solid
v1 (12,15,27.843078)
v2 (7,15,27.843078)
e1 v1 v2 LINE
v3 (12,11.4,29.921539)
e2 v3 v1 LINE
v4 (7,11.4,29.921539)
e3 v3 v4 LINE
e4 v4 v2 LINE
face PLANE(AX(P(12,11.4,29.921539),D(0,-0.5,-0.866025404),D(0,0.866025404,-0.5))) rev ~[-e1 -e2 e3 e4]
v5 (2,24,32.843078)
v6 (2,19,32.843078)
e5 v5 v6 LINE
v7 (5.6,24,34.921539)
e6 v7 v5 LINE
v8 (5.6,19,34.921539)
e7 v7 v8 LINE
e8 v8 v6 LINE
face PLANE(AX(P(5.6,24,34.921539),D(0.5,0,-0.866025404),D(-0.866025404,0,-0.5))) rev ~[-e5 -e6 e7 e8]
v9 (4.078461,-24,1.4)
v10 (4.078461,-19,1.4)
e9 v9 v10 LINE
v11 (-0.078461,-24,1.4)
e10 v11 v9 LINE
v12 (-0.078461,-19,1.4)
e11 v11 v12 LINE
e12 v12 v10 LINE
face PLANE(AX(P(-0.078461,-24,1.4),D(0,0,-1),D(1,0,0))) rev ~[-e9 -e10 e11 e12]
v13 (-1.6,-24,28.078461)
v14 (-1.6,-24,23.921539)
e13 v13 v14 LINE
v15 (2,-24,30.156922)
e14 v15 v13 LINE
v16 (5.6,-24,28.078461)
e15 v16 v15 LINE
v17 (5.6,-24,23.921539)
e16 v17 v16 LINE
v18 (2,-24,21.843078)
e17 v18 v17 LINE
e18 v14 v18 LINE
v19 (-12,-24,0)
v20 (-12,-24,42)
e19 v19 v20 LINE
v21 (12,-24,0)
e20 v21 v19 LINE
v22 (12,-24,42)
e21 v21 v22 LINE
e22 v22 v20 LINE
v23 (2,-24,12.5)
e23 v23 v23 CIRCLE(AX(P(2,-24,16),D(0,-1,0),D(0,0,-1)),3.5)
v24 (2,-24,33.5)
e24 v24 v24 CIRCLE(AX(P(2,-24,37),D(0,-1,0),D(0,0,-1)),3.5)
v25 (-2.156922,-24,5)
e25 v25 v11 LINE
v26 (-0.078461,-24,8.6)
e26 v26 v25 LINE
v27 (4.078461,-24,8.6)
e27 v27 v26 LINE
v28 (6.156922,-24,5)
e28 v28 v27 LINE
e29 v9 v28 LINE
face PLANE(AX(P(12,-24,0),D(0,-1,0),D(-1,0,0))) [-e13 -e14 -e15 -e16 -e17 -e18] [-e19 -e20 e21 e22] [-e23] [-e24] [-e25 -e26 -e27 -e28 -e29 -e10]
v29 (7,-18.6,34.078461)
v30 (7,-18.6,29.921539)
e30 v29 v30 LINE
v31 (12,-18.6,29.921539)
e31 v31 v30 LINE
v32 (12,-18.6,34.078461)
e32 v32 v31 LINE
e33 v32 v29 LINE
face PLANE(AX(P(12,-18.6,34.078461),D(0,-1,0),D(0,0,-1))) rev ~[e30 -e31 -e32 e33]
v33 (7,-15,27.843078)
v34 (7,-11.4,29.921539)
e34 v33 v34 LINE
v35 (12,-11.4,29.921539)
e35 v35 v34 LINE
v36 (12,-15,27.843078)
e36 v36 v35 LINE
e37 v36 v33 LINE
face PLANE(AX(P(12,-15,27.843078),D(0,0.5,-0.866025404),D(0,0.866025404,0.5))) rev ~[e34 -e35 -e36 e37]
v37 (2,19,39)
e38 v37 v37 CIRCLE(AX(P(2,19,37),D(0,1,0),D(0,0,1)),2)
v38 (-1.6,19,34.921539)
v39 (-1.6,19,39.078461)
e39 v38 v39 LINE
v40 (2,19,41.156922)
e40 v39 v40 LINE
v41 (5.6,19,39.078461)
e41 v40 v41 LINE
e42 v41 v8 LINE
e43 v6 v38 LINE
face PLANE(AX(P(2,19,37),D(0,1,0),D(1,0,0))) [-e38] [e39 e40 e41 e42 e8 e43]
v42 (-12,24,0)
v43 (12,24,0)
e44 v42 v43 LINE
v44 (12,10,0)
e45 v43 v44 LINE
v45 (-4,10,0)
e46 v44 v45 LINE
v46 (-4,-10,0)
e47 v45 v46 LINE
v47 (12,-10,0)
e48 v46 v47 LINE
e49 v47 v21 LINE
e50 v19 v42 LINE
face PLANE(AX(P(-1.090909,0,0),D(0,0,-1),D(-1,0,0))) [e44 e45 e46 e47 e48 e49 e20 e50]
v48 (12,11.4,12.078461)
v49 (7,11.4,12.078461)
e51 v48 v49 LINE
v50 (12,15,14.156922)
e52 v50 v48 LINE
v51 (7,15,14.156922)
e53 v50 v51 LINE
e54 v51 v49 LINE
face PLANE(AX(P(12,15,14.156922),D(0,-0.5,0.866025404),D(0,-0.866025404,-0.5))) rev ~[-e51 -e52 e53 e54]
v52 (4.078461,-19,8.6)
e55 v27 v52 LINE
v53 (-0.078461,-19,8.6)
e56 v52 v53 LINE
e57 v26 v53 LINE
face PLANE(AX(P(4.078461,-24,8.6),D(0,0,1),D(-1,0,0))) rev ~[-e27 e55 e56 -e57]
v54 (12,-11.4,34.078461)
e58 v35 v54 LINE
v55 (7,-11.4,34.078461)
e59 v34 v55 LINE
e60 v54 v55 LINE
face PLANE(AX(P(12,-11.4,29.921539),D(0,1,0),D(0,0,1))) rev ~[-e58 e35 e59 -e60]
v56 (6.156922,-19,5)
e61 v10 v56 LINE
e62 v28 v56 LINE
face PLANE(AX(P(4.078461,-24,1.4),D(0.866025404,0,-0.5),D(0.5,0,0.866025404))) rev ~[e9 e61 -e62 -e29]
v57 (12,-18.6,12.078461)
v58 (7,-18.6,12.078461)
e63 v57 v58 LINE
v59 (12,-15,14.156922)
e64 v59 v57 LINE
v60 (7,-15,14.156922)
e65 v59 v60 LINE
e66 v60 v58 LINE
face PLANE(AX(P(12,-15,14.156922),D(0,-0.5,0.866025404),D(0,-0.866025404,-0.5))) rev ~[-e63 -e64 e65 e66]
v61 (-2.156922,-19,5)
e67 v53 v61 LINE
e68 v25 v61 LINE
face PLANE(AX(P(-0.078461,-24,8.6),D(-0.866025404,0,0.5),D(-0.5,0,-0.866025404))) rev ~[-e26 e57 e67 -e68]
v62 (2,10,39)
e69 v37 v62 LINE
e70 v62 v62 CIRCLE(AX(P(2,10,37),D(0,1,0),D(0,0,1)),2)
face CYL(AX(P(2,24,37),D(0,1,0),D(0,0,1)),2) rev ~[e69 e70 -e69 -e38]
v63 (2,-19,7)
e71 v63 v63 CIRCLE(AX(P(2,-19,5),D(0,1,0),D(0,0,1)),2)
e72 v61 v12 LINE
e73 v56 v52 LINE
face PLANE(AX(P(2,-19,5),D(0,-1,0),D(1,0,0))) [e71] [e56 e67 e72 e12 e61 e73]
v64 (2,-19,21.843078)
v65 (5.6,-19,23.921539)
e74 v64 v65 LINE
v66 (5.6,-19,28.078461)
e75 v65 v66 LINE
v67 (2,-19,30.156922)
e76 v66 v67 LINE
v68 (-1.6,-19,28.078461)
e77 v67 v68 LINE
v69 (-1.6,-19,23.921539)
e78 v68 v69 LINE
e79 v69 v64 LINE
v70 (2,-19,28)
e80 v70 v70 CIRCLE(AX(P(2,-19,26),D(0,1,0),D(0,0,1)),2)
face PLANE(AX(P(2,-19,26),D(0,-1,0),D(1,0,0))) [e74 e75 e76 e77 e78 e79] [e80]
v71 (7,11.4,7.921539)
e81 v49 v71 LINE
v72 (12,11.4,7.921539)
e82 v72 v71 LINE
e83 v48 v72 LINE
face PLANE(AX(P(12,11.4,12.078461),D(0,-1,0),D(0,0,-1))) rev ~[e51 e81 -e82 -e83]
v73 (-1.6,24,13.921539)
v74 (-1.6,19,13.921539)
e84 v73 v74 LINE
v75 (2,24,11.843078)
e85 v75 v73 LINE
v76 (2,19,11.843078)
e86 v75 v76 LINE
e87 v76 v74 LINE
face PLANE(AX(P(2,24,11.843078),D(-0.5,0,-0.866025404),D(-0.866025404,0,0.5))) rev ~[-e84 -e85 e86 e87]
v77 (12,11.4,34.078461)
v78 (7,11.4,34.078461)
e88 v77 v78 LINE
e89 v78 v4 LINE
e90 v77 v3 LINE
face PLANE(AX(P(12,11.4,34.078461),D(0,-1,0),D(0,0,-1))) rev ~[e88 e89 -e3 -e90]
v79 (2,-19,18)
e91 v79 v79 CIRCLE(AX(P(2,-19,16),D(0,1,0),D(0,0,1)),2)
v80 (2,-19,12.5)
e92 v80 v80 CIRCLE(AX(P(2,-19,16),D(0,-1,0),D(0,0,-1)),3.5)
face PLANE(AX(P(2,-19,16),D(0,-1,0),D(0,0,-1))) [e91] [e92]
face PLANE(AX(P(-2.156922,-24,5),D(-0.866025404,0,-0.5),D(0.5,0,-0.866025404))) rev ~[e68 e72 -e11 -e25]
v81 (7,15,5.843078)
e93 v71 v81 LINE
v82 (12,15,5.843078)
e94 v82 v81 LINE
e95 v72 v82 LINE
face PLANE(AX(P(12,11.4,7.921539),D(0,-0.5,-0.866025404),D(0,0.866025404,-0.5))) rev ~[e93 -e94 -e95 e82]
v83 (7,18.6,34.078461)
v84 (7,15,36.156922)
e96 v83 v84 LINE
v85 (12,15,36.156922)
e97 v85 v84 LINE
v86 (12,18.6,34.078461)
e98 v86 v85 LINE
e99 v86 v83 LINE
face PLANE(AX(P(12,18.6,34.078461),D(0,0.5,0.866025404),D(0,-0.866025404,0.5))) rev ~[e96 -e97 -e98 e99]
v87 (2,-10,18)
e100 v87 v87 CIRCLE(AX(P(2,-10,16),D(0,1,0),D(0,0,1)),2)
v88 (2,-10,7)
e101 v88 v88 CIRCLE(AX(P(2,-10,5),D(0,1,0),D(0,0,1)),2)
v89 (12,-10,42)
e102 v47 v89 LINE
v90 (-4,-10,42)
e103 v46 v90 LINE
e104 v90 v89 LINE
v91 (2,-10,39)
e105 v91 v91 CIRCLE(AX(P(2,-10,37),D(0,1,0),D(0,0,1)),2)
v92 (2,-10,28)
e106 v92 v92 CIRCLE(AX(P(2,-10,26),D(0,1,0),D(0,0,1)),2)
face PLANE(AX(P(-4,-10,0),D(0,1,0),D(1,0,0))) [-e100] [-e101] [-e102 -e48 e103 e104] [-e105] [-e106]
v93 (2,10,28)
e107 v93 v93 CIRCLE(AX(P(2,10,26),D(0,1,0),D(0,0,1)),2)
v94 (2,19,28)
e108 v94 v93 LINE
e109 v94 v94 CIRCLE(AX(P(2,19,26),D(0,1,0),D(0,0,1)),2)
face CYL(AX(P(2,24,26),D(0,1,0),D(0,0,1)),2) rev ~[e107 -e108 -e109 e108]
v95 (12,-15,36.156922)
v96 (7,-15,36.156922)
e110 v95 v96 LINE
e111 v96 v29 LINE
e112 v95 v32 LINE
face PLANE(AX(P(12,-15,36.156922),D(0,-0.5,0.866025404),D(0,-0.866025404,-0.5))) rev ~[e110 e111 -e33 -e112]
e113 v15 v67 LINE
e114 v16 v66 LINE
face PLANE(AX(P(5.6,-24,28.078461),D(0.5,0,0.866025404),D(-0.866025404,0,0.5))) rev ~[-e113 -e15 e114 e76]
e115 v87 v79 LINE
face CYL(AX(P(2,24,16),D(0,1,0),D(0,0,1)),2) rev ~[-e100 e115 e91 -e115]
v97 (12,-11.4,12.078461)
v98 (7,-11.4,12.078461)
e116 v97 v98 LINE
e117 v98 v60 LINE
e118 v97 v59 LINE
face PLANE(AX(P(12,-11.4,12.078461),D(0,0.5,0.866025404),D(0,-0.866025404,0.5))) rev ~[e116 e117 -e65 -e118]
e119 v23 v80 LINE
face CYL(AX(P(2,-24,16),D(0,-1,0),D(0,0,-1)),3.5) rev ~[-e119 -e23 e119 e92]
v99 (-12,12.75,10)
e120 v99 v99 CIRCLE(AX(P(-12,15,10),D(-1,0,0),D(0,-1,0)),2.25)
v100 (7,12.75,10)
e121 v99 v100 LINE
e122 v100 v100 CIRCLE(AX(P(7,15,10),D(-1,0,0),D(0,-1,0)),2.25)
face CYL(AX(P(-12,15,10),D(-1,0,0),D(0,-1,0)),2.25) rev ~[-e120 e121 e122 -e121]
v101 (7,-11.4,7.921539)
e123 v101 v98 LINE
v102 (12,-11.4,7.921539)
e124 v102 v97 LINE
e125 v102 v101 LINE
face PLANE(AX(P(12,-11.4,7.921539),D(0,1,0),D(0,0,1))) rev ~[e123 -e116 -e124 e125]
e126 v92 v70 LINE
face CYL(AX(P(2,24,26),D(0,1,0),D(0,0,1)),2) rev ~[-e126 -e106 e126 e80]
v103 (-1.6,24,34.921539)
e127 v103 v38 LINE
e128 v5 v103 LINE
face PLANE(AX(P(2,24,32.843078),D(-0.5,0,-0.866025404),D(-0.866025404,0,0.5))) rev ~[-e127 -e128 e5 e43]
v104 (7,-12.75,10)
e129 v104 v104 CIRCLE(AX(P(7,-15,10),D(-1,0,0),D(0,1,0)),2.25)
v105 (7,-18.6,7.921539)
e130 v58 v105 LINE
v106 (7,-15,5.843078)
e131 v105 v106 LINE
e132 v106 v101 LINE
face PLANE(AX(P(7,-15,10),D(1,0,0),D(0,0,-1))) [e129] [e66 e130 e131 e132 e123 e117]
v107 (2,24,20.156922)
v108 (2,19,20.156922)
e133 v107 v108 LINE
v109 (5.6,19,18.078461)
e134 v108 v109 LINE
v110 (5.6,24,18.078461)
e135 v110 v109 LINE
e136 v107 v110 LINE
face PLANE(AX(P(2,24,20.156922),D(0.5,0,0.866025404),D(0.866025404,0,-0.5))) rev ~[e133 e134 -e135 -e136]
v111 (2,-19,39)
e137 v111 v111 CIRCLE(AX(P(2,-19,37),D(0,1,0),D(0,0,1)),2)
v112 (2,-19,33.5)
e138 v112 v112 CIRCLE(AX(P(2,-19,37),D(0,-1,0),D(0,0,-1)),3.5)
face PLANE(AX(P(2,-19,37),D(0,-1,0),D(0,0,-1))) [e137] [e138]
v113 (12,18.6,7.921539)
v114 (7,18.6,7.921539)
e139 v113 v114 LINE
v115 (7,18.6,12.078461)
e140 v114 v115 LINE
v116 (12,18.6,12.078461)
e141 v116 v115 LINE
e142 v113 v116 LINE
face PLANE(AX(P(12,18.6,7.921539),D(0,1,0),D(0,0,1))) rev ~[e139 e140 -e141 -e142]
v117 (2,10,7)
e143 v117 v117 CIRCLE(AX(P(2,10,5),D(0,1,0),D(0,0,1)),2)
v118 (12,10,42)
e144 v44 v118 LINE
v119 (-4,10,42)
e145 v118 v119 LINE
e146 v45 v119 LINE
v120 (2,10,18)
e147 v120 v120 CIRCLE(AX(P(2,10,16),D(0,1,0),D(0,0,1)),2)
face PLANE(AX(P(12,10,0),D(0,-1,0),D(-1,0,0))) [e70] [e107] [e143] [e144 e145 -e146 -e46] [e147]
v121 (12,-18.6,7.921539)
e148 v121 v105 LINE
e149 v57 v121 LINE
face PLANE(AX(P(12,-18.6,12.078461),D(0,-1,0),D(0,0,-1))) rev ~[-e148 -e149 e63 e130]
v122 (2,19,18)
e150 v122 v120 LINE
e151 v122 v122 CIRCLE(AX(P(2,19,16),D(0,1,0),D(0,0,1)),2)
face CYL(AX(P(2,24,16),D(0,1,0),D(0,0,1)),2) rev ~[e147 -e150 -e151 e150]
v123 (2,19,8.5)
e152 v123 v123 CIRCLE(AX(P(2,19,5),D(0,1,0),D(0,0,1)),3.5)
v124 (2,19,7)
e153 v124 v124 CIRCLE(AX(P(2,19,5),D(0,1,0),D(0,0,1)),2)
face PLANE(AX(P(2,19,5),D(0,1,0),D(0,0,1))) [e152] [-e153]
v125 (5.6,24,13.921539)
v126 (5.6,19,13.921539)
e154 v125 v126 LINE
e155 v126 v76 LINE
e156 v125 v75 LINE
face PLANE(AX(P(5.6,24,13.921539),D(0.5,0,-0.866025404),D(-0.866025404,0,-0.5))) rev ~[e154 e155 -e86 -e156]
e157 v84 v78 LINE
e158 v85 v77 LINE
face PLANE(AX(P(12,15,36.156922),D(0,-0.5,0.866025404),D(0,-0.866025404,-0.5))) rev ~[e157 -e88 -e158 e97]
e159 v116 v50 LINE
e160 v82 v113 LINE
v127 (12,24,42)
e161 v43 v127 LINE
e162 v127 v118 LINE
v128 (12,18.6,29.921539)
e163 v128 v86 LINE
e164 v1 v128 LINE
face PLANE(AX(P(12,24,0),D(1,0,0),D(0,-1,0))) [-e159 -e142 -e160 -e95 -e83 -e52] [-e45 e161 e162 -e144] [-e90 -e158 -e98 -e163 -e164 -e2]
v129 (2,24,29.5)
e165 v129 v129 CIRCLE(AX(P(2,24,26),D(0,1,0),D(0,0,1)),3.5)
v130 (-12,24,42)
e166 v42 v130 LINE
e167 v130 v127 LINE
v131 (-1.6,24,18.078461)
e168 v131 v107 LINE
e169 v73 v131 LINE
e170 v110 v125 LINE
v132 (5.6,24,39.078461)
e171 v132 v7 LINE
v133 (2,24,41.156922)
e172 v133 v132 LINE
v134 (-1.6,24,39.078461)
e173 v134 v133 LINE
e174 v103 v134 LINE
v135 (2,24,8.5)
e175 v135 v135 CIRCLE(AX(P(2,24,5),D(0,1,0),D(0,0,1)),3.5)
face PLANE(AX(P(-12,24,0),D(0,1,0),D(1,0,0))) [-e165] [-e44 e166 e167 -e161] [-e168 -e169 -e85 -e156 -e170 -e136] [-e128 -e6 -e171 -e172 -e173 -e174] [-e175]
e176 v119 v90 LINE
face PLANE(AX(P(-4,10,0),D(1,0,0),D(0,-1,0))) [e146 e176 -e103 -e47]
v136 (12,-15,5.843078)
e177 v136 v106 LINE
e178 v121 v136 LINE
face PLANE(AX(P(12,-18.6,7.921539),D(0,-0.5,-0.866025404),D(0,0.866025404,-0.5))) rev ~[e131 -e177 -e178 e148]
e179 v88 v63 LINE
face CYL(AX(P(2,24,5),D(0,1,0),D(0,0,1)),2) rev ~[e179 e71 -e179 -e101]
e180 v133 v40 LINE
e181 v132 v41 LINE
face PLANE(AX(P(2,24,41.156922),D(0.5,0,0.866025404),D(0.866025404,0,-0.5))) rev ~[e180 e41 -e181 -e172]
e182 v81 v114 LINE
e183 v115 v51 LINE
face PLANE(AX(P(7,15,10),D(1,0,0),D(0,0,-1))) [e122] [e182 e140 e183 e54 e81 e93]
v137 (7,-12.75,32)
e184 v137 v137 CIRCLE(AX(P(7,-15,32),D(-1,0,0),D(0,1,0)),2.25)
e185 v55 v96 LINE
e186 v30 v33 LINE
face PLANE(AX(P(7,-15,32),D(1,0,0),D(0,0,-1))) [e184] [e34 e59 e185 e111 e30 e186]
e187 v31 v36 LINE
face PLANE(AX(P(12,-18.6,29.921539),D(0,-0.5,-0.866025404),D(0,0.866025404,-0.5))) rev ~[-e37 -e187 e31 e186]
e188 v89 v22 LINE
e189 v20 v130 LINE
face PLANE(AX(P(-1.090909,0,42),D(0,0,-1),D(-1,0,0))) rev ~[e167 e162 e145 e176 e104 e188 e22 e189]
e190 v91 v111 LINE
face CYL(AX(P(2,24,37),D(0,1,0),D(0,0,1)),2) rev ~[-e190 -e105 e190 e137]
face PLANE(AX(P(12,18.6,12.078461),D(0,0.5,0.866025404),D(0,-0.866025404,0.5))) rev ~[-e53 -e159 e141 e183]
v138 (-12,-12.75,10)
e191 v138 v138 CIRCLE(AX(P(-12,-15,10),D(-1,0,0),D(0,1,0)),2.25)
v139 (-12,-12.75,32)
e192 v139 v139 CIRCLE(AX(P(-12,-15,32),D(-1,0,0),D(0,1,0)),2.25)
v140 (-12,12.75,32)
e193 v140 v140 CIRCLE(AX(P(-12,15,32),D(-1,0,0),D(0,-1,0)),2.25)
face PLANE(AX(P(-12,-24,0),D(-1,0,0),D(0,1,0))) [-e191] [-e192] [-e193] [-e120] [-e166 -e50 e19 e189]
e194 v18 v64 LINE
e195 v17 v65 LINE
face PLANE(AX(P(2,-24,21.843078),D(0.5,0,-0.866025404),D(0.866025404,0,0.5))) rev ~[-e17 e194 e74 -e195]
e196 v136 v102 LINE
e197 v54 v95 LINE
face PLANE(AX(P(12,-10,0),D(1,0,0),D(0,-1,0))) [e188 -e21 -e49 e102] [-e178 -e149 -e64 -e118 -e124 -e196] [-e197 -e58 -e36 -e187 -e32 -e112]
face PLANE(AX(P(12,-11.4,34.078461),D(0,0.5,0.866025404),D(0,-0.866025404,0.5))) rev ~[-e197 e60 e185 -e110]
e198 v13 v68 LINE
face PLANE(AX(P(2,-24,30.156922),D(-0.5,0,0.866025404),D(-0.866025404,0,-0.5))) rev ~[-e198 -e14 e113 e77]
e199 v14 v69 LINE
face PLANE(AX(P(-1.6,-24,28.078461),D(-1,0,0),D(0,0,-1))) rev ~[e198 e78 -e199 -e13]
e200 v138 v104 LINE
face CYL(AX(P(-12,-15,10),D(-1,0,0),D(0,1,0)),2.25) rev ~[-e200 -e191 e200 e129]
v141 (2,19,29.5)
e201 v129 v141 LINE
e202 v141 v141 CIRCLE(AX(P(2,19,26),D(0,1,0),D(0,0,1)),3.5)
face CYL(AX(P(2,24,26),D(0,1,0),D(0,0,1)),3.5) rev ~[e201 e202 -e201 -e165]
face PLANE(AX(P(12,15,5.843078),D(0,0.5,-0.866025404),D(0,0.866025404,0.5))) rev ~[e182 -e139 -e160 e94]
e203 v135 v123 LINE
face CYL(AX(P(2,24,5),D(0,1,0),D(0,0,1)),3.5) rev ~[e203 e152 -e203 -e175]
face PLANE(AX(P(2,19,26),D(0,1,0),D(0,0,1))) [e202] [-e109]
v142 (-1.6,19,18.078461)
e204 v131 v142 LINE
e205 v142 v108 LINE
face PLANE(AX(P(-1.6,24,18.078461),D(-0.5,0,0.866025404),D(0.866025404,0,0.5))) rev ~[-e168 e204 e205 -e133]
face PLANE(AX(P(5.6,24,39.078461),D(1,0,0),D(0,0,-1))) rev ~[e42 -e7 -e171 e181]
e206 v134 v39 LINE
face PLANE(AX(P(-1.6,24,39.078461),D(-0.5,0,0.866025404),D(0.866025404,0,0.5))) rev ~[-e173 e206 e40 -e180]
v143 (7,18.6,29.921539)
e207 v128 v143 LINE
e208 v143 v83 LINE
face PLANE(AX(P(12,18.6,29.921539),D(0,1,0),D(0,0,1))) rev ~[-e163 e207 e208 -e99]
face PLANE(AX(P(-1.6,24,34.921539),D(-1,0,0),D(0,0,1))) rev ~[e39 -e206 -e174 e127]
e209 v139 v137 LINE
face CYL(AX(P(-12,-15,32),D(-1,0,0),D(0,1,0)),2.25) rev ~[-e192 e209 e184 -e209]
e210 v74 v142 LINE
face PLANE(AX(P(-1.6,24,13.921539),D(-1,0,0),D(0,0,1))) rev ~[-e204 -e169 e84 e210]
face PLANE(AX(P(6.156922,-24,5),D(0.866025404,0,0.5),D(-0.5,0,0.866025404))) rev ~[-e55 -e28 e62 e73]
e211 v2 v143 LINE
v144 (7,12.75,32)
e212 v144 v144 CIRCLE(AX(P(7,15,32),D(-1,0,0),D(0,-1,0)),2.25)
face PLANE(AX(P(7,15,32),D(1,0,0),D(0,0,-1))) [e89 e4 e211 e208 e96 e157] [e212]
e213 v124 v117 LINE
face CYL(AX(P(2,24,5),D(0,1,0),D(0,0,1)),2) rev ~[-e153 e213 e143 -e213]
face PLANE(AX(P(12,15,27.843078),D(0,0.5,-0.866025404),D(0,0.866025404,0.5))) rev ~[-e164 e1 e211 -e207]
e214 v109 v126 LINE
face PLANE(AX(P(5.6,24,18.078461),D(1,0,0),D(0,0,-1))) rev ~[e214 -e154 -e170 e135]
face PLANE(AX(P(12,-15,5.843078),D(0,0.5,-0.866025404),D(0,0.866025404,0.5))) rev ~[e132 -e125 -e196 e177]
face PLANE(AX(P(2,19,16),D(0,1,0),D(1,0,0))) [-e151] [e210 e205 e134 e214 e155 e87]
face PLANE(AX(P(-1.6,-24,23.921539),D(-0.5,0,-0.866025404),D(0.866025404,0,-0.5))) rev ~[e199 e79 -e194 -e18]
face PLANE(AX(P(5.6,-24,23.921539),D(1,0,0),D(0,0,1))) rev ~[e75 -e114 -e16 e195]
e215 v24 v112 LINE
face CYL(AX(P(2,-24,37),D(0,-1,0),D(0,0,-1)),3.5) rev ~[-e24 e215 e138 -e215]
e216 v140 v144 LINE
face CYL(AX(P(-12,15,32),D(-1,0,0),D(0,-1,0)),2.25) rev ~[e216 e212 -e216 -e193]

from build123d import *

# Parameters (mm, degrees)
EXTRUDE_1_DEPTH     = 42
SKETCH_2_R          = 2
CUT_EXTRUDE_1_DEPTH = 65.899922958
SKETCH_3_R          = 2.25
CUT_EXTRUDE_2_DEPTH = 55
CUT_EXTRUDE_3_DEPTH = 5
SKETCH_5_R          = 3.5
CUT_EXTRUDE_4_DEPTH = 5
SKETCH_6_R          = 3.5
CUT_EXTRUDE_5_DEPTH = 5


with BuildPart() as part:
    # 草圖1 → 填料-伸長1 (new body)
    with BuildSketch(Plane.XY):
        Polygon((12, 10), (-4, 10), (-4, -10), (12, -10), (12, -24), (-12, -24), (-12, 24), (12, 24), align=None)
    extrude(amount=EXTRUDE_1_DEPTH)

    # 草圖2 → 除料-伸長1 (cut, through all)
    with BuildSketch(Plane(origin=(0, 24, 0), x_dir=(1, 0, 0), z_dir=(0, 1, 0))):
        with Locations((2, -5)):
            Circle(SKETCH_2_R)
        with Locations((2, -16)):
            Circle(SKETCH_2_R)
        with Locations((2, -26)):
            Circle(SKETCH_2_R)
        with Locations((2, -37)):
            Circle(SKETCH_2_R)
    extrude(amount=-CUT_EXTRUDE_1_DEPTH, mode=Mode.SUBTRACT)

    # 草圖3 → 除料-伸長2 (cut, through all)
    with BuildSketch(Plane.ZY.offset(12)):
        with Locations((10, 15)):
            Circle(SKETCH_3_R)
        with Locations((32, 15)):
            Circle(SKETCH_3_R)
        with Locations((32, -15)):
            Circle(SKETCH_3_R)
        with Locations((10, -15)):
            Circle(SKETCH_3_R)
    extrude(amount=-CUT_EXTRUDE_2_DEPTH, mode=Mode.SUBTRACT)

    # 草圖4 → 除料-伸長3 (cut)
    with BuildSketch(Plane(origin=(12, 0, 0), x_dir=(0, 0, -1), z_dir=(1, 0, 0))):
        Polygon((-5.843078062, 15), (-7.921539031, 18.6), (-12.078460969, 18.6), (-14.156921938, 15), (-12.078460969, 11.4), (-7.921539031, 11.4), align=None)
        Polygon((-27.843078062, 15), (-29.921539031, 18.6), (-34.078460969, 18.6), (-36.156921938, 15), (-34.078460969, 11.4), (-29.921539031, 11.4), align=None)
        Polygon((-27.843078062, -15), (-29.921539031, -11.4), (-34.078460969, -11.4), (-36.156921938, -15), (-34.078460969, -18.6), (-29.921539031, -18.6), align=None)
        Polygon((-5.843078062, -15), (-7.921539031, -11.4), (-12.078460969, -11.4), (-14.156921938, -15), (-12.078460969, -18.6), (-7.921539031, -18.6), align=None)
    extrude(amount=-CUT_EXTRUDE_3_DEPTH, mode=Mode.SUBTRACT)

    # 草圖5 → 除料-伸長4 (cut)
    with BuildSketch(Plane.XZ.offset(24)):
        with Locations((2, 16)):
            Circle(SKETCH_5_R)
        with Locations((2, 37)):
            Circle(SKETCH_5_R)
        Polygon((2, 21.843078062), (5.6, 23.921539031), (5.6, 28.078460969), (2, 30.156921938), (-1.6, 28.078460969), (-1.6, 23.921539031), align=None)
        Polygon((6.156921938, 5), (4.078460969, 8.6), (-0.078460969, 8.6), (-2.156921938, 5), (-0.078460969, 1.4), (4.078460969, 1.4), align=None)
    extrude(amount=-CUT_EXTRUDE_4_DEPTH, mode=Mode.SUBTRACT)

    # 草圖6 → 除料-伸長5 (cut)
    with BuildSketch(Plane(origin=(0, 24, 0), x_dir=(1, 0, 0), z_dir=(0, 1, 0))):
        with Locations((2, -26)):
            Circle(SKETCH_6_R)
        with Locations((2, -5)):
            Circle(SKETCH_6_R)
        Polygon((2, -11.843078062), (-1.6, -13.921539031), (-1.6, -18.078460969), (2, -20.156921938), (5.6, -18.078460969), (5.6, -13.921539031), align=None)
        Polygon((2, -32.843078062), (-1.6, -34.921539031), (-1.6, -39.078460969), (2, -41.156921938), (5.6, -39.078460969), (5.6, -34.921539031), align=None)
    extrude(amount=-CUT_EXTRUDE_5_DEPTH, mode=Mode.SUBTRACT)


solid = part.part
